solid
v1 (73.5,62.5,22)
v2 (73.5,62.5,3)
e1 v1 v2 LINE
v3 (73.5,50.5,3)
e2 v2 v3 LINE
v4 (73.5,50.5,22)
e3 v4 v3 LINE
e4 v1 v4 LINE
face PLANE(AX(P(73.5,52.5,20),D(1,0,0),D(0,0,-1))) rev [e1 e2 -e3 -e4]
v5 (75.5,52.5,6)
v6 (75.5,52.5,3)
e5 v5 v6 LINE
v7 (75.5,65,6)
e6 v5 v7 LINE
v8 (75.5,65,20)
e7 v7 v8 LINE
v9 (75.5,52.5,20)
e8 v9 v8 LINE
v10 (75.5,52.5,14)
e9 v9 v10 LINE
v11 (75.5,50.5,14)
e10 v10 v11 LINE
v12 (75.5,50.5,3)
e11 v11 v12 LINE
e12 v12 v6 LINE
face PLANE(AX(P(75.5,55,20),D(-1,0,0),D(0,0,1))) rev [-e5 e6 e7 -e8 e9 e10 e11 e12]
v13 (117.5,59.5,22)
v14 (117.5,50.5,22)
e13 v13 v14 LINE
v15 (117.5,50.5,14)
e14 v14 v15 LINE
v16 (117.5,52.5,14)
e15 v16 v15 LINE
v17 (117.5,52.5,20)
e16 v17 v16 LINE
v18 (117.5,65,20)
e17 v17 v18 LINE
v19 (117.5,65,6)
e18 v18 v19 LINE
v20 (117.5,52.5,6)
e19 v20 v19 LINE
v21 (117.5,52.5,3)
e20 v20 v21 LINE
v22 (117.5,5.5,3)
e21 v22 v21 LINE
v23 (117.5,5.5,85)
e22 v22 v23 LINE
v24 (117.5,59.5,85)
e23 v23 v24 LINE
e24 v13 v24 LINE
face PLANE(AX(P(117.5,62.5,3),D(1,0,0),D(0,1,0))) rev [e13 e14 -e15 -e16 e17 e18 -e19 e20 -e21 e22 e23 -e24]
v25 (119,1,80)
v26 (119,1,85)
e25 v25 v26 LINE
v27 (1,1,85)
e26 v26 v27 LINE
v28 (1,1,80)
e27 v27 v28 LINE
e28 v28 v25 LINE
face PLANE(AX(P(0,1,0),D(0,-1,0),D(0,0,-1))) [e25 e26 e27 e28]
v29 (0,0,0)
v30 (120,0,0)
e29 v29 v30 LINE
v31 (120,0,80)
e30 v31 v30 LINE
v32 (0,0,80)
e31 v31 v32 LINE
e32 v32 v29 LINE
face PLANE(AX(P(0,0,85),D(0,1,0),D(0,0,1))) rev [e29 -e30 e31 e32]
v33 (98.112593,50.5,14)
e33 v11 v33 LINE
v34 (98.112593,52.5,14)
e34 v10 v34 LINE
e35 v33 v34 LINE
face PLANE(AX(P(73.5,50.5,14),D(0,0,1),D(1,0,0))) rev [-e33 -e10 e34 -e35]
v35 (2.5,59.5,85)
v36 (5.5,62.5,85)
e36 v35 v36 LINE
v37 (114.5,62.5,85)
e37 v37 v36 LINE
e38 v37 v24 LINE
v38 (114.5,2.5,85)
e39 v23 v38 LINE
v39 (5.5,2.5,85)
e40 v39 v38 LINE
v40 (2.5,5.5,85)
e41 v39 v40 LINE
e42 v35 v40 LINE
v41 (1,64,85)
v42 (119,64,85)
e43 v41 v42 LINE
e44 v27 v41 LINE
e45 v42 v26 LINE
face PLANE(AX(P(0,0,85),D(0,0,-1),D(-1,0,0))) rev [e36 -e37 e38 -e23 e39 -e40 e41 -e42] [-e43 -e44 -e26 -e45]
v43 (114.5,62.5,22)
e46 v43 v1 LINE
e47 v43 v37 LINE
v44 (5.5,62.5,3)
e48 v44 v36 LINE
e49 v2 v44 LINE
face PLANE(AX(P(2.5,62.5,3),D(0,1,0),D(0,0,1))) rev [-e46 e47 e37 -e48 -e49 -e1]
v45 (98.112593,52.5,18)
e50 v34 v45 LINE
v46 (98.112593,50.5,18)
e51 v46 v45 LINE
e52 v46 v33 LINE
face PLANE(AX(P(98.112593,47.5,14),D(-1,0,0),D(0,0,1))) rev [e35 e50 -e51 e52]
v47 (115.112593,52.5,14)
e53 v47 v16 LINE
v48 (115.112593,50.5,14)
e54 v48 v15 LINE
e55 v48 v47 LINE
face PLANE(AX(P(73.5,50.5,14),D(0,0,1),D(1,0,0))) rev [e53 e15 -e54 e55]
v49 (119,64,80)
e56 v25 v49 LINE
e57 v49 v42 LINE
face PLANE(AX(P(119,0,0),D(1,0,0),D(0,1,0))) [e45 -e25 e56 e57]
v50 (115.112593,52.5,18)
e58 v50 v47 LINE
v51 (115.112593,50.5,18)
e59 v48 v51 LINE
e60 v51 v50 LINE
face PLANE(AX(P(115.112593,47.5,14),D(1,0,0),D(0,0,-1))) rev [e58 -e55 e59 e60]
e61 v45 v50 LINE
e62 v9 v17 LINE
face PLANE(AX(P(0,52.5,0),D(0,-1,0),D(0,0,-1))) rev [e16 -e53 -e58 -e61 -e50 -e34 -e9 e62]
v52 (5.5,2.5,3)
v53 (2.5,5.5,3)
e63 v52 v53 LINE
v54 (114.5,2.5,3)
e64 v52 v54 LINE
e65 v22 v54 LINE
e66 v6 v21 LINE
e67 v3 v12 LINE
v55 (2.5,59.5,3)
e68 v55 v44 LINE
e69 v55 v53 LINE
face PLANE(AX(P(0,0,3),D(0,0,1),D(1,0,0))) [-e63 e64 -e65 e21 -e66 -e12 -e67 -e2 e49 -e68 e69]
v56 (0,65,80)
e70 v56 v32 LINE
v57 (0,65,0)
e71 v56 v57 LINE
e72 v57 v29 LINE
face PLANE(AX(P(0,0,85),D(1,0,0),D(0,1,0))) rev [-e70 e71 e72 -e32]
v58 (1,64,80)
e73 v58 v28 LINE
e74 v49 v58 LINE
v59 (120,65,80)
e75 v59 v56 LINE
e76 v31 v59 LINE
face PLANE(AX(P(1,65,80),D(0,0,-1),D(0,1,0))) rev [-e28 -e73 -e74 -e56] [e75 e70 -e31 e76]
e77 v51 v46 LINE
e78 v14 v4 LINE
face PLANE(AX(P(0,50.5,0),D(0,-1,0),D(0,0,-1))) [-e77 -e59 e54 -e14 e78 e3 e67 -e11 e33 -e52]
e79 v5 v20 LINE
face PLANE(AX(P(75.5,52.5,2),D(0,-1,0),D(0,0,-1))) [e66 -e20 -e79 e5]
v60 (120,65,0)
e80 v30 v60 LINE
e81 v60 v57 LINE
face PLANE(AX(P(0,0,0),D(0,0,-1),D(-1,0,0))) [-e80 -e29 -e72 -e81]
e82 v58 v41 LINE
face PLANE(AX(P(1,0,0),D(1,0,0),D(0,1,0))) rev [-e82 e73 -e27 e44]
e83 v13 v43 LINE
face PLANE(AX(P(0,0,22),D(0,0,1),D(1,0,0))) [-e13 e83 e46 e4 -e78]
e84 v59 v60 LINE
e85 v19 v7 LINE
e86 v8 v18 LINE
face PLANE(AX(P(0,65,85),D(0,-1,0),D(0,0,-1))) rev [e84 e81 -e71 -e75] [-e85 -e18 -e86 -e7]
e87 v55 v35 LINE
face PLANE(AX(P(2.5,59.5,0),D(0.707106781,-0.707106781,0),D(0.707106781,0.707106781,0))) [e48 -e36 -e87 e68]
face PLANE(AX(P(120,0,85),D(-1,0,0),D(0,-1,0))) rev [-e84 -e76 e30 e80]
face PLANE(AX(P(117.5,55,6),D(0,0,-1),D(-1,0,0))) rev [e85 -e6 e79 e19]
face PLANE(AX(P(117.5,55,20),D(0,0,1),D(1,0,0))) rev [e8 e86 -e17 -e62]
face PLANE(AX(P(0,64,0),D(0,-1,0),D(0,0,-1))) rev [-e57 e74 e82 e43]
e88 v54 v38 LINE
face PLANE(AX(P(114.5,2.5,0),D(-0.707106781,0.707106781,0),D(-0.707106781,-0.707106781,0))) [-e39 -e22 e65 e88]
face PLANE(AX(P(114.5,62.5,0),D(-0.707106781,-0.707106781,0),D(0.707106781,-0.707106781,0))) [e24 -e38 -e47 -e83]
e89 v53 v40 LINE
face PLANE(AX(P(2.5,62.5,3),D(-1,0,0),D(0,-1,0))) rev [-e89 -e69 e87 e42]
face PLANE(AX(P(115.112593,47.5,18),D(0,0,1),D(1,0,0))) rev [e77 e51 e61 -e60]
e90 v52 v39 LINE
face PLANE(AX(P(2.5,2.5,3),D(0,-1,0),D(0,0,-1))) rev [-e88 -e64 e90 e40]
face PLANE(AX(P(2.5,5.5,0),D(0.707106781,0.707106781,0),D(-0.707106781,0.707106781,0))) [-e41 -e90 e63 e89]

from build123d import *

# Parameters (mm, degrees)
SKETCH2_W           = 120
SKETCH2_H           = 65
BOSS_EXTRUDE1_DEPTH = 85
SKETCH3_W           = 115
SKETCH3_H           = 60
CUT_EXTRUDE1_DEPTH  = 82
SKETCH4_W           = 5
SKETCH4_H           = 65
CUT_EXTRUDE2_DEPTH  = 1
SKETCH5_W           = 119
SKETCH5_H           = 5
CUT_EXTRUDE3_DEPTH  = 1
BOSS_EXTRUDE2_DEPTH = 85
SKETCH9_W           = 5
SKETCH9_H           = 64
CUT_EXTRUDE4_DEPTH  = 1
SKETCH10_W          = 118
SKETCH10_H          = 5
CUT_EXTRUDE5_DEPTH  = 1
SKETCH11_W          = 42
SKETCH11_H          = 14
CUT_EXTRUDE6_DEPTH  = 10
SKETCH12_W          = 42.071261004
SKETCH12_H          = 10
BOSS_EXTRUDE3_DEPTH = 4
SKETCH13_W          = 2
SKETCH13_H          = 10
BOSS_EXTRUDE4_DEPTH = 17
SKETCH14_W          = 44.402934601
SKETCH14_H          = 10
BOSS_EXTRUDE5_DEPTH = 2
SKETCH15_W          = 44.064994884
SKETCH15_H          = 8
BOSS_EXTRUDE6_DEPTH = 2
SKETCH16_W          = 2
SKETCH16_H          = 2
BOSS_EXTRUDE7_DEPTH = 12
SKETCH17_W          = 17
SKETCH17_H          = 4
CUT_EXTRUDE7_DEPTH  = 5


with BuildPart() as part:
    # Sketch2 → Boss-Extrude1 (new body)
    with BuildSketch(Plane.XY):
        with Locations((60, 32.5)):
            Rectangle(SKETCH2_W, SKETCH2_H)
    extrude(amount=BOSS_EXTRUDE1_DEPTH)

    # Sketch3 → Cut-Extrude1 (cut)
    with BuildSketch(Plane.XY.offset(85)):
        with Locations((60, 32.5)):
            Rectangle(SKETCH3_W, SKETCH3_H)
    extrude(amount=-CUT_EXTRUDE1_DEPTH, mode=Mode.SUBTRACT)

    # Sketch4 → Cut-Extrude2 (cut)
    with BuildSketch(Plane.ZY):
        with Locations((82.5, 32.5)):
            Rectangle(SKETCH4_W, SKETCH4_H)
    extrude(amount=-CUT_EXTRUDE2_DEPTH, mode=Mode.SUBTRACT)

    # Sketch5 → Cut-Extrude3 (cut)
    with BuildSketch(Plane(origin=(0, 65, 0), x_dir=(1, 0, 0), z_dir=(0, 1, 0))):
        with Locations((60.5, -82.5)):
            Rectangle(SKETCH5_W, SKETCH5_H)
    extrude(amount=-CUT_EXTRUDE3_DEPTH, mode=Mode.SUBTRACT)

    # Sketch7 → Boss-Extrude2 (add)
    with BuildSketch(Plane.XY.offset(85)):
        Polygon((2.5, 62.5), (2.5, 59.5), (5.5, 62.5), align=None)
        Polygon((117.5, 62.5), (114.5, 62.5), (117.5, 59.5), align=None)
        Polygon((117.5, 5.5), (117.5, 2.5), (114.5, 2.5), align=None)
        Polygon((2.5, 2.5), (2.5, 5.5), (5.5, 2.5), align=None)
    extrude(amount=-BOSS_EXTRUDE2_DEPTH)

    # Sketch9 → Cut-Extrude4 (cut)
    with BuildSketch(Plane(origin=(120, 0, 0), x_dir=(0, 0, -1), z_dir=(1, 0, 0))):
        with Locations((-82.5, 32)):
            Rectangle(SKETCH9_W, SKETCH9_H)
    extrude(amount=-CUT_EXTRUDE4_DEPTH, mode=Mode.SUBTRACT)

    # Sketch10 → Cut-Extrude5 (cut)
    with BuildSketch(Plane.XZ):
        with Locations((60, 82.5)):
            Rectangle(SKETCH10_W, SKETCH10_H)
    extrude(amount=-CUT_EXTRUDE5_DEPTH, mode=Mode.SUBTRACT)

    # Sketch11 → Cut-Extrude6 (cut)
    with BuildSketch(Plane(origin=(0, 65, 0), x_dir=(1, 0, 0), z_dir=(0, 1, 0))):
        with Locations((96.5, -13)):
            Rectangle(SKETCH11_W, SKETCH11_H)
    extrude(amount=-CUT_EXTRUDE6_DEPTH, mode=Mode.SUBTRACT)

    # Sketch12 → Boss-Extrude3 (add)
    with BuildSketch(Plane.XY.offset(6)):
        with Locations((96.535630502, 57.5)):
            Rectangle(SKETCH12_W, SKETCH12_H)
    extrude(amount=-BOSS_EXTRUDE3_DEPTH)

    # Sketch13 → Boss-Extrude4 (add)
    with BuildSketch(Plane.XY.offset(3)):
        with Locations((74.5, 57.5)):
            Rectangle(SKETCH13_W, SKETCH13_H)
    extrude(amount=BOSS_EXTRUDE4_DEPTH)

    # Sketch14 → Boss-Extrude5 (add)
    with BuildSketch(Plane.XY.offset(20)):
        with Locations((95.701467301, 57.5)):
            Rectangle(SKETCH14_W, SKETCH14_H)
    extrude(amount=BOSS_EXTRUDE5_DEPTH)

    # Sketch15 → Boss-Extrude6 (add)
    with BuildSketch(Plane.XZ.offset(-52.5)):
        with Locations((95.532497442, 18)):
            Rectangle(SKETCH15_W, SKETCH15_H)
    extrude(amount=BOSS_EXTRUDE6_DEPTH)

    # Sketch16 → Boss-Extrude7 (add)
    with BuildSketch(Plane.XY.offset(3)):
        with Locations((74.5, 51.5)):
            Rectangle(SKETCH16_W, SKETCH16_H)
    extrude(amount=BOSS_EXTRUDE7_DEPTH)

    # Sketch17 → Cut-Extrude7 (cut)
    with BuildSketch(Plane(origin=(0, 52.5, 0), x_dir=(1, 0, 0), z_dir=(0, 1, 0))):
        with Locations((106.612593264, -16)):
            Rectangle(SKETCH17_W, SKETCH17_H)
    extrude(amount=-CUT_EXTRUDE7_DEPTH, mode=Mode.SUBTRACT)


solid = part.part
